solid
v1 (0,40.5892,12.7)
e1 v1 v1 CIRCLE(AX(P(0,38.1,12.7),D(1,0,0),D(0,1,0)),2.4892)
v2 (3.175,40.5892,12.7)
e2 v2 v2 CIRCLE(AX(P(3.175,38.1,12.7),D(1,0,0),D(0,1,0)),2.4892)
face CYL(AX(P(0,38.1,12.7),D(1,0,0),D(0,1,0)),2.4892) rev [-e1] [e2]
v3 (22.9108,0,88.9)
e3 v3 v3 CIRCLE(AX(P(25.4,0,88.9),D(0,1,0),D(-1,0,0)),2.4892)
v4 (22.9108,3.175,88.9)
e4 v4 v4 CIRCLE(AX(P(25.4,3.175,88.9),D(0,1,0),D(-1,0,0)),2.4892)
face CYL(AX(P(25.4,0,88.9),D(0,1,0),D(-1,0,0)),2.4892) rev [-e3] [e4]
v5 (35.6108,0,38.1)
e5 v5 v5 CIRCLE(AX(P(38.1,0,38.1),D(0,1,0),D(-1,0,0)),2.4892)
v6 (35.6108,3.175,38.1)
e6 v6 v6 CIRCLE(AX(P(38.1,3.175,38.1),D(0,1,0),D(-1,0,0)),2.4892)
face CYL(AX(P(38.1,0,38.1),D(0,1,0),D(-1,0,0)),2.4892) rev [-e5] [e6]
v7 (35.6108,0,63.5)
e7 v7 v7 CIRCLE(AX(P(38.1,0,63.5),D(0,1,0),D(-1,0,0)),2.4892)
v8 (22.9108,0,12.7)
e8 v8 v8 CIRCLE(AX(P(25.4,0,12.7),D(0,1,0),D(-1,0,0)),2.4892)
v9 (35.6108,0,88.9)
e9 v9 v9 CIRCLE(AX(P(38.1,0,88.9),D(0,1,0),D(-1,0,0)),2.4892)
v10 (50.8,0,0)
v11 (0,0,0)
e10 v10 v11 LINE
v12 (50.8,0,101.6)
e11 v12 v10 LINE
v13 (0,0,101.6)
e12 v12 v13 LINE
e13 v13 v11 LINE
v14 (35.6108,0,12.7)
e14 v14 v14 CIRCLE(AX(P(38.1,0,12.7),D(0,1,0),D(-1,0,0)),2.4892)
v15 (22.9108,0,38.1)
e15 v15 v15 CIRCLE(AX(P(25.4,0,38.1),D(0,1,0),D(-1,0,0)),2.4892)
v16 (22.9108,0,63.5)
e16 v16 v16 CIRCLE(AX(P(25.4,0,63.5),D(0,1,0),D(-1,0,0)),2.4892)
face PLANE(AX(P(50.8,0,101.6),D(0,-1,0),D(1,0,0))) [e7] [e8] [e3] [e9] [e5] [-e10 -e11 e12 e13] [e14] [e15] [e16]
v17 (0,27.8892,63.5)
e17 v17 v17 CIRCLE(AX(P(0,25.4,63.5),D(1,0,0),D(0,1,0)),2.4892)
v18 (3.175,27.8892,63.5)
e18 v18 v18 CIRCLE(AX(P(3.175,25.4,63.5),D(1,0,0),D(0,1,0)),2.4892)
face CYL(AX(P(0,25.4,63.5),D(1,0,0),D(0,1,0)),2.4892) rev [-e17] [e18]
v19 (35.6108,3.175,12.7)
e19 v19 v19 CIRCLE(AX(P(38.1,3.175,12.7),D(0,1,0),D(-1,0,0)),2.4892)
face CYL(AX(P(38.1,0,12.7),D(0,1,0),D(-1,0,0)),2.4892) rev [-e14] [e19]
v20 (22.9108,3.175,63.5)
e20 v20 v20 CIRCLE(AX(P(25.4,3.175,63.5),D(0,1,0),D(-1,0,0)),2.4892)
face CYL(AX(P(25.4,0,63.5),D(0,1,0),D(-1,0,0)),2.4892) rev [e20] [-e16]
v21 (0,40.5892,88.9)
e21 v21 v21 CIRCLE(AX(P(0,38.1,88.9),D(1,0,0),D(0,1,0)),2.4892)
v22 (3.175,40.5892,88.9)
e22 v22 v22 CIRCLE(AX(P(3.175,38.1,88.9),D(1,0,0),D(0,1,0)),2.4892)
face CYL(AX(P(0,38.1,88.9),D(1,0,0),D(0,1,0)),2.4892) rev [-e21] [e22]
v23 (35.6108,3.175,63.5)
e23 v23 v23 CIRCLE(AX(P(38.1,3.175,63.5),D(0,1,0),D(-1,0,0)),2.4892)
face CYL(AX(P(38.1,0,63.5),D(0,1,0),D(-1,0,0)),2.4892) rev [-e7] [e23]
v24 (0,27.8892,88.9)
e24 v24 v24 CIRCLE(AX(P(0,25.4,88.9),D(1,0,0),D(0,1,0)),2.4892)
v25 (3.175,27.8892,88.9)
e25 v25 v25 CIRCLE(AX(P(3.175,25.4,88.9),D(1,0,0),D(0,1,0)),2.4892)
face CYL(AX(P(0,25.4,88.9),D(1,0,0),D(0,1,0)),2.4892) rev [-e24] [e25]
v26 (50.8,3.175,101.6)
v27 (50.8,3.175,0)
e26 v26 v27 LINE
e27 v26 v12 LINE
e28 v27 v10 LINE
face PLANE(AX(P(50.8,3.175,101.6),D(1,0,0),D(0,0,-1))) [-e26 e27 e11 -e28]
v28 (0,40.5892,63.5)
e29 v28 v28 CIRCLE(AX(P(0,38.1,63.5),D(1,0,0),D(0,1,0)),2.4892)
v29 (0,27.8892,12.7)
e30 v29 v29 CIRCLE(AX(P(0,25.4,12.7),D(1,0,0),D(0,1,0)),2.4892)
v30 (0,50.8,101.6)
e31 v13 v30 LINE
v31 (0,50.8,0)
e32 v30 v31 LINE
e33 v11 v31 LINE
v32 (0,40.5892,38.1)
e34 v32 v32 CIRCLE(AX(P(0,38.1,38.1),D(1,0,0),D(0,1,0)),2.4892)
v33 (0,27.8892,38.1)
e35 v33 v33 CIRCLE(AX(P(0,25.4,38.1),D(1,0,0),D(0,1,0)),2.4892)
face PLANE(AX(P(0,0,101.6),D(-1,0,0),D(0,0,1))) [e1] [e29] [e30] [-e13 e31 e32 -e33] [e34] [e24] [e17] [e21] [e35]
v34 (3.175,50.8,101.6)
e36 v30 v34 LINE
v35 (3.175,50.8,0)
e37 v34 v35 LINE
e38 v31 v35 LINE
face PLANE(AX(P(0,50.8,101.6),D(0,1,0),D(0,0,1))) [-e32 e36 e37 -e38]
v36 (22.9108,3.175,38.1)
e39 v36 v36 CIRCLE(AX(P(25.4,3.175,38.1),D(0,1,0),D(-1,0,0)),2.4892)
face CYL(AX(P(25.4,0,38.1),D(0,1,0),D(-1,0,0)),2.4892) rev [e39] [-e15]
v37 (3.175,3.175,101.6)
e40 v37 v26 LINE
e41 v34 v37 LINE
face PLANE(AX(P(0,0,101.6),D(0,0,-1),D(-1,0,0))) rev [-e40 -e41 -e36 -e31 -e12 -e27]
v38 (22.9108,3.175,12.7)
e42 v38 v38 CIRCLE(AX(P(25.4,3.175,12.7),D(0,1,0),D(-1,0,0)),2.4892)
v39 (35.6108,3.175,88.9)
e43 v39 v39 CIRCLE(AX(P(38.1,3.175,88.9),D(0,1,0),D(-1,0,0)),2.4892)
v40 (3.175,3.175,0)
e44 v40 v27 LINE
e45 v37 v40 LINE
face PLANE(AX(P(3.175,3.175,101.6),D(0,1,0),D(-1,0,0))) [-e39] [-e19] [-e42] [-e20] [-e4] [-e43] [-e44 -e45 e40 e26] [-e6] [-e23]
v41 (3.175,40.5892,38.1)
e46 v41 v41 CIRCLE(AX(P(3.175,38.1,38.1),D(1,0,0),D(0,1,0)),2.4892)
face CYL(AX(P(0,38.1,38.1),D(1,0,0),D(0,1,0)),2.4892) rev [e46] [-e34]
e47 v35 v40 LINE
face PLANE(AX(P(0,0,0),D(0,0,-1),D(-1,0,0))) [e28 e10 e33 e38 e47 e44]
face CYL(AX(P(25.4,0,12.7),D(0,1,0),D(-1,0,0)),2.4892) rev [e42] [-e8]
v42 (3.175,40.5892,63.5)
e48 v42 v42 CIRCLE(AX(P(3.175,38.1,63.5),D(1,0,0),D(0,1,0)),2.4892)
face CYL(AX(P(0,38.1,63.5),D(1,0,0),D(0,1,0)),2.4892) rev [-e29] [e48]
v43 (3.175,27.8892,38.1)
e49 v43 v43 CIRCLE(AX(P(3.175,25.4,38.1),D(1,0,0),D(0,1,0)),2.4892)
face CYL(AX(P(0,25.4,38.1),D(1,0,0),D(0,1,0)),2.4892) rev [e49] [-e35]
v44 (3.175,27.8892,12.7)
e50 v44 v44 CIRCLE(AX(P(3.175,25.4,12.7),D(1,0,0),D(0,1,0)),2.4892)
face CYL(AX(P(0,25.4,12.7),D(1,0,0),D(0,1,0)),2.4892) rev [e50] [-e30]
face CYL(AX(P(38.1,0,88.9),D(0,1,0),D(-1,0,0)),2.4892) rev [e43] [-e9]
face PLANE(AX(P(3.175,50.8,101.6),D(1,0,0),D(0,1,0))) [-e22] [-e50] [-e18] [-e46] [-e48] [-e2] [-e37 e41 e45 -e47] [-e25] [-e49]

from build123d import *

# Parameters (mm, degrees)
BOSS_EXTRUDE1_DEPTH = 101.6
SKETCH3_R           = 2.4892
CUT_EXTRUDE1_DEPTH  = 124.171996107
SKETCH4_R           = 2.4892
CUT_EXTRUDE2_DEPTH  = 124.171996107


with BuildPart() as part:
    # Sketch2 → Boss-Extrude1 (new body)
    with BuildSketch(Plane.XY):
        Polygon((0, 0), (0, 50.8), (3.175, 50.8), (3.175, 3.175), (50.8, 3.175), (50.8, 0), align=None)
    extrude(amount=BOSS_EXTRUDE1_DEPTH)

    # Sketch3 → Cut-Extrude1 (cut, through all)
    with BuildSketch(Plane(origin=(0, 3.175, 0), x_dir=(1, 0, 0), z_dir=(0, 1, 0))):
        with Locations(Location((25.4, -12.7, 0), (0, 0, 180))):
            Circle(SKETCH3_R)
        with Locations(Location((38.1, -12.7, 0), (0, 0, 180))):
            Circle(SKETCH3_R)
        with Locations(Location((38.1, -38.1, 0), (0, 0, 180))):
            Circle(SKETCH3_R)
        with Locations(Location((38.1, -63.5, 0), (0, 0, 180))):
            Circle(SKETCH3_R)
        with Locations(Location((38.1, -88.9, 0), (0, 0, 180))):
            Circle(SKETCH3_R)
        with Locations(Location((25.4, -38.1, 0), (0, 0, 180))):
            Circle(SKETCH3_R)
        with Locations(Location((25.4, -63.5, 0), (0, 0, 180))):
            Circle(SKETCH3_R)
        with Locations(Location((25.4, -88.9, 0), (0, 0, 180))):
            Circle(SKETCH3_R)
    extrude(amount=-CUT_EXTRUDE1_DEPTH, mode=Mode.SUBTRACT)

    # Sketch4 → Cut-Extrude2 (cut, through all)
    with BuildSketch(Plane(origin=(3.175, 0, 0), x_dir=(0, 0, -1), z_dir=(1, 0, 0))):
        with Locations(Location((-12.7, 25.4, 0), (0, 0, 90))):
            Circle(SKETCH4_R)
        with Locations(Location((-38.1, 25.4, 0), (0, 0, 90))):
            Circle(SKETCH4_R)
        with Locations(Location((-63.5, 25.4, 0), (0, 0, 90))):
            Circle(SKETCH4_R)
        with Locations(Location((-88.9, 25.4, 0), (0, 0, 90))):
            Circle(SKETCH4_R)
        with Locations(Location((-38.1, 38.1, 0), (0, 0, 90))):
            Circle(SKETCH4_R)
        with Locations(Location((-63.5, 38.1, 0), (0, 0, 90))):
            Circle(SKETCH4_R)
        with Locations(Location((-88.9, 38.1, 0), (0, 0, 90))):
            Circle(SKETCH4_R)
        with Locations(Location((-12.7, 38.1, 0), (0, 0, 90))):
            Circle(SKETCH4_R)
    extrude(amount=-CUT_EXTRUDE2_DEPTH, mode=Mode.SUBTRACT)


solid = part.part
